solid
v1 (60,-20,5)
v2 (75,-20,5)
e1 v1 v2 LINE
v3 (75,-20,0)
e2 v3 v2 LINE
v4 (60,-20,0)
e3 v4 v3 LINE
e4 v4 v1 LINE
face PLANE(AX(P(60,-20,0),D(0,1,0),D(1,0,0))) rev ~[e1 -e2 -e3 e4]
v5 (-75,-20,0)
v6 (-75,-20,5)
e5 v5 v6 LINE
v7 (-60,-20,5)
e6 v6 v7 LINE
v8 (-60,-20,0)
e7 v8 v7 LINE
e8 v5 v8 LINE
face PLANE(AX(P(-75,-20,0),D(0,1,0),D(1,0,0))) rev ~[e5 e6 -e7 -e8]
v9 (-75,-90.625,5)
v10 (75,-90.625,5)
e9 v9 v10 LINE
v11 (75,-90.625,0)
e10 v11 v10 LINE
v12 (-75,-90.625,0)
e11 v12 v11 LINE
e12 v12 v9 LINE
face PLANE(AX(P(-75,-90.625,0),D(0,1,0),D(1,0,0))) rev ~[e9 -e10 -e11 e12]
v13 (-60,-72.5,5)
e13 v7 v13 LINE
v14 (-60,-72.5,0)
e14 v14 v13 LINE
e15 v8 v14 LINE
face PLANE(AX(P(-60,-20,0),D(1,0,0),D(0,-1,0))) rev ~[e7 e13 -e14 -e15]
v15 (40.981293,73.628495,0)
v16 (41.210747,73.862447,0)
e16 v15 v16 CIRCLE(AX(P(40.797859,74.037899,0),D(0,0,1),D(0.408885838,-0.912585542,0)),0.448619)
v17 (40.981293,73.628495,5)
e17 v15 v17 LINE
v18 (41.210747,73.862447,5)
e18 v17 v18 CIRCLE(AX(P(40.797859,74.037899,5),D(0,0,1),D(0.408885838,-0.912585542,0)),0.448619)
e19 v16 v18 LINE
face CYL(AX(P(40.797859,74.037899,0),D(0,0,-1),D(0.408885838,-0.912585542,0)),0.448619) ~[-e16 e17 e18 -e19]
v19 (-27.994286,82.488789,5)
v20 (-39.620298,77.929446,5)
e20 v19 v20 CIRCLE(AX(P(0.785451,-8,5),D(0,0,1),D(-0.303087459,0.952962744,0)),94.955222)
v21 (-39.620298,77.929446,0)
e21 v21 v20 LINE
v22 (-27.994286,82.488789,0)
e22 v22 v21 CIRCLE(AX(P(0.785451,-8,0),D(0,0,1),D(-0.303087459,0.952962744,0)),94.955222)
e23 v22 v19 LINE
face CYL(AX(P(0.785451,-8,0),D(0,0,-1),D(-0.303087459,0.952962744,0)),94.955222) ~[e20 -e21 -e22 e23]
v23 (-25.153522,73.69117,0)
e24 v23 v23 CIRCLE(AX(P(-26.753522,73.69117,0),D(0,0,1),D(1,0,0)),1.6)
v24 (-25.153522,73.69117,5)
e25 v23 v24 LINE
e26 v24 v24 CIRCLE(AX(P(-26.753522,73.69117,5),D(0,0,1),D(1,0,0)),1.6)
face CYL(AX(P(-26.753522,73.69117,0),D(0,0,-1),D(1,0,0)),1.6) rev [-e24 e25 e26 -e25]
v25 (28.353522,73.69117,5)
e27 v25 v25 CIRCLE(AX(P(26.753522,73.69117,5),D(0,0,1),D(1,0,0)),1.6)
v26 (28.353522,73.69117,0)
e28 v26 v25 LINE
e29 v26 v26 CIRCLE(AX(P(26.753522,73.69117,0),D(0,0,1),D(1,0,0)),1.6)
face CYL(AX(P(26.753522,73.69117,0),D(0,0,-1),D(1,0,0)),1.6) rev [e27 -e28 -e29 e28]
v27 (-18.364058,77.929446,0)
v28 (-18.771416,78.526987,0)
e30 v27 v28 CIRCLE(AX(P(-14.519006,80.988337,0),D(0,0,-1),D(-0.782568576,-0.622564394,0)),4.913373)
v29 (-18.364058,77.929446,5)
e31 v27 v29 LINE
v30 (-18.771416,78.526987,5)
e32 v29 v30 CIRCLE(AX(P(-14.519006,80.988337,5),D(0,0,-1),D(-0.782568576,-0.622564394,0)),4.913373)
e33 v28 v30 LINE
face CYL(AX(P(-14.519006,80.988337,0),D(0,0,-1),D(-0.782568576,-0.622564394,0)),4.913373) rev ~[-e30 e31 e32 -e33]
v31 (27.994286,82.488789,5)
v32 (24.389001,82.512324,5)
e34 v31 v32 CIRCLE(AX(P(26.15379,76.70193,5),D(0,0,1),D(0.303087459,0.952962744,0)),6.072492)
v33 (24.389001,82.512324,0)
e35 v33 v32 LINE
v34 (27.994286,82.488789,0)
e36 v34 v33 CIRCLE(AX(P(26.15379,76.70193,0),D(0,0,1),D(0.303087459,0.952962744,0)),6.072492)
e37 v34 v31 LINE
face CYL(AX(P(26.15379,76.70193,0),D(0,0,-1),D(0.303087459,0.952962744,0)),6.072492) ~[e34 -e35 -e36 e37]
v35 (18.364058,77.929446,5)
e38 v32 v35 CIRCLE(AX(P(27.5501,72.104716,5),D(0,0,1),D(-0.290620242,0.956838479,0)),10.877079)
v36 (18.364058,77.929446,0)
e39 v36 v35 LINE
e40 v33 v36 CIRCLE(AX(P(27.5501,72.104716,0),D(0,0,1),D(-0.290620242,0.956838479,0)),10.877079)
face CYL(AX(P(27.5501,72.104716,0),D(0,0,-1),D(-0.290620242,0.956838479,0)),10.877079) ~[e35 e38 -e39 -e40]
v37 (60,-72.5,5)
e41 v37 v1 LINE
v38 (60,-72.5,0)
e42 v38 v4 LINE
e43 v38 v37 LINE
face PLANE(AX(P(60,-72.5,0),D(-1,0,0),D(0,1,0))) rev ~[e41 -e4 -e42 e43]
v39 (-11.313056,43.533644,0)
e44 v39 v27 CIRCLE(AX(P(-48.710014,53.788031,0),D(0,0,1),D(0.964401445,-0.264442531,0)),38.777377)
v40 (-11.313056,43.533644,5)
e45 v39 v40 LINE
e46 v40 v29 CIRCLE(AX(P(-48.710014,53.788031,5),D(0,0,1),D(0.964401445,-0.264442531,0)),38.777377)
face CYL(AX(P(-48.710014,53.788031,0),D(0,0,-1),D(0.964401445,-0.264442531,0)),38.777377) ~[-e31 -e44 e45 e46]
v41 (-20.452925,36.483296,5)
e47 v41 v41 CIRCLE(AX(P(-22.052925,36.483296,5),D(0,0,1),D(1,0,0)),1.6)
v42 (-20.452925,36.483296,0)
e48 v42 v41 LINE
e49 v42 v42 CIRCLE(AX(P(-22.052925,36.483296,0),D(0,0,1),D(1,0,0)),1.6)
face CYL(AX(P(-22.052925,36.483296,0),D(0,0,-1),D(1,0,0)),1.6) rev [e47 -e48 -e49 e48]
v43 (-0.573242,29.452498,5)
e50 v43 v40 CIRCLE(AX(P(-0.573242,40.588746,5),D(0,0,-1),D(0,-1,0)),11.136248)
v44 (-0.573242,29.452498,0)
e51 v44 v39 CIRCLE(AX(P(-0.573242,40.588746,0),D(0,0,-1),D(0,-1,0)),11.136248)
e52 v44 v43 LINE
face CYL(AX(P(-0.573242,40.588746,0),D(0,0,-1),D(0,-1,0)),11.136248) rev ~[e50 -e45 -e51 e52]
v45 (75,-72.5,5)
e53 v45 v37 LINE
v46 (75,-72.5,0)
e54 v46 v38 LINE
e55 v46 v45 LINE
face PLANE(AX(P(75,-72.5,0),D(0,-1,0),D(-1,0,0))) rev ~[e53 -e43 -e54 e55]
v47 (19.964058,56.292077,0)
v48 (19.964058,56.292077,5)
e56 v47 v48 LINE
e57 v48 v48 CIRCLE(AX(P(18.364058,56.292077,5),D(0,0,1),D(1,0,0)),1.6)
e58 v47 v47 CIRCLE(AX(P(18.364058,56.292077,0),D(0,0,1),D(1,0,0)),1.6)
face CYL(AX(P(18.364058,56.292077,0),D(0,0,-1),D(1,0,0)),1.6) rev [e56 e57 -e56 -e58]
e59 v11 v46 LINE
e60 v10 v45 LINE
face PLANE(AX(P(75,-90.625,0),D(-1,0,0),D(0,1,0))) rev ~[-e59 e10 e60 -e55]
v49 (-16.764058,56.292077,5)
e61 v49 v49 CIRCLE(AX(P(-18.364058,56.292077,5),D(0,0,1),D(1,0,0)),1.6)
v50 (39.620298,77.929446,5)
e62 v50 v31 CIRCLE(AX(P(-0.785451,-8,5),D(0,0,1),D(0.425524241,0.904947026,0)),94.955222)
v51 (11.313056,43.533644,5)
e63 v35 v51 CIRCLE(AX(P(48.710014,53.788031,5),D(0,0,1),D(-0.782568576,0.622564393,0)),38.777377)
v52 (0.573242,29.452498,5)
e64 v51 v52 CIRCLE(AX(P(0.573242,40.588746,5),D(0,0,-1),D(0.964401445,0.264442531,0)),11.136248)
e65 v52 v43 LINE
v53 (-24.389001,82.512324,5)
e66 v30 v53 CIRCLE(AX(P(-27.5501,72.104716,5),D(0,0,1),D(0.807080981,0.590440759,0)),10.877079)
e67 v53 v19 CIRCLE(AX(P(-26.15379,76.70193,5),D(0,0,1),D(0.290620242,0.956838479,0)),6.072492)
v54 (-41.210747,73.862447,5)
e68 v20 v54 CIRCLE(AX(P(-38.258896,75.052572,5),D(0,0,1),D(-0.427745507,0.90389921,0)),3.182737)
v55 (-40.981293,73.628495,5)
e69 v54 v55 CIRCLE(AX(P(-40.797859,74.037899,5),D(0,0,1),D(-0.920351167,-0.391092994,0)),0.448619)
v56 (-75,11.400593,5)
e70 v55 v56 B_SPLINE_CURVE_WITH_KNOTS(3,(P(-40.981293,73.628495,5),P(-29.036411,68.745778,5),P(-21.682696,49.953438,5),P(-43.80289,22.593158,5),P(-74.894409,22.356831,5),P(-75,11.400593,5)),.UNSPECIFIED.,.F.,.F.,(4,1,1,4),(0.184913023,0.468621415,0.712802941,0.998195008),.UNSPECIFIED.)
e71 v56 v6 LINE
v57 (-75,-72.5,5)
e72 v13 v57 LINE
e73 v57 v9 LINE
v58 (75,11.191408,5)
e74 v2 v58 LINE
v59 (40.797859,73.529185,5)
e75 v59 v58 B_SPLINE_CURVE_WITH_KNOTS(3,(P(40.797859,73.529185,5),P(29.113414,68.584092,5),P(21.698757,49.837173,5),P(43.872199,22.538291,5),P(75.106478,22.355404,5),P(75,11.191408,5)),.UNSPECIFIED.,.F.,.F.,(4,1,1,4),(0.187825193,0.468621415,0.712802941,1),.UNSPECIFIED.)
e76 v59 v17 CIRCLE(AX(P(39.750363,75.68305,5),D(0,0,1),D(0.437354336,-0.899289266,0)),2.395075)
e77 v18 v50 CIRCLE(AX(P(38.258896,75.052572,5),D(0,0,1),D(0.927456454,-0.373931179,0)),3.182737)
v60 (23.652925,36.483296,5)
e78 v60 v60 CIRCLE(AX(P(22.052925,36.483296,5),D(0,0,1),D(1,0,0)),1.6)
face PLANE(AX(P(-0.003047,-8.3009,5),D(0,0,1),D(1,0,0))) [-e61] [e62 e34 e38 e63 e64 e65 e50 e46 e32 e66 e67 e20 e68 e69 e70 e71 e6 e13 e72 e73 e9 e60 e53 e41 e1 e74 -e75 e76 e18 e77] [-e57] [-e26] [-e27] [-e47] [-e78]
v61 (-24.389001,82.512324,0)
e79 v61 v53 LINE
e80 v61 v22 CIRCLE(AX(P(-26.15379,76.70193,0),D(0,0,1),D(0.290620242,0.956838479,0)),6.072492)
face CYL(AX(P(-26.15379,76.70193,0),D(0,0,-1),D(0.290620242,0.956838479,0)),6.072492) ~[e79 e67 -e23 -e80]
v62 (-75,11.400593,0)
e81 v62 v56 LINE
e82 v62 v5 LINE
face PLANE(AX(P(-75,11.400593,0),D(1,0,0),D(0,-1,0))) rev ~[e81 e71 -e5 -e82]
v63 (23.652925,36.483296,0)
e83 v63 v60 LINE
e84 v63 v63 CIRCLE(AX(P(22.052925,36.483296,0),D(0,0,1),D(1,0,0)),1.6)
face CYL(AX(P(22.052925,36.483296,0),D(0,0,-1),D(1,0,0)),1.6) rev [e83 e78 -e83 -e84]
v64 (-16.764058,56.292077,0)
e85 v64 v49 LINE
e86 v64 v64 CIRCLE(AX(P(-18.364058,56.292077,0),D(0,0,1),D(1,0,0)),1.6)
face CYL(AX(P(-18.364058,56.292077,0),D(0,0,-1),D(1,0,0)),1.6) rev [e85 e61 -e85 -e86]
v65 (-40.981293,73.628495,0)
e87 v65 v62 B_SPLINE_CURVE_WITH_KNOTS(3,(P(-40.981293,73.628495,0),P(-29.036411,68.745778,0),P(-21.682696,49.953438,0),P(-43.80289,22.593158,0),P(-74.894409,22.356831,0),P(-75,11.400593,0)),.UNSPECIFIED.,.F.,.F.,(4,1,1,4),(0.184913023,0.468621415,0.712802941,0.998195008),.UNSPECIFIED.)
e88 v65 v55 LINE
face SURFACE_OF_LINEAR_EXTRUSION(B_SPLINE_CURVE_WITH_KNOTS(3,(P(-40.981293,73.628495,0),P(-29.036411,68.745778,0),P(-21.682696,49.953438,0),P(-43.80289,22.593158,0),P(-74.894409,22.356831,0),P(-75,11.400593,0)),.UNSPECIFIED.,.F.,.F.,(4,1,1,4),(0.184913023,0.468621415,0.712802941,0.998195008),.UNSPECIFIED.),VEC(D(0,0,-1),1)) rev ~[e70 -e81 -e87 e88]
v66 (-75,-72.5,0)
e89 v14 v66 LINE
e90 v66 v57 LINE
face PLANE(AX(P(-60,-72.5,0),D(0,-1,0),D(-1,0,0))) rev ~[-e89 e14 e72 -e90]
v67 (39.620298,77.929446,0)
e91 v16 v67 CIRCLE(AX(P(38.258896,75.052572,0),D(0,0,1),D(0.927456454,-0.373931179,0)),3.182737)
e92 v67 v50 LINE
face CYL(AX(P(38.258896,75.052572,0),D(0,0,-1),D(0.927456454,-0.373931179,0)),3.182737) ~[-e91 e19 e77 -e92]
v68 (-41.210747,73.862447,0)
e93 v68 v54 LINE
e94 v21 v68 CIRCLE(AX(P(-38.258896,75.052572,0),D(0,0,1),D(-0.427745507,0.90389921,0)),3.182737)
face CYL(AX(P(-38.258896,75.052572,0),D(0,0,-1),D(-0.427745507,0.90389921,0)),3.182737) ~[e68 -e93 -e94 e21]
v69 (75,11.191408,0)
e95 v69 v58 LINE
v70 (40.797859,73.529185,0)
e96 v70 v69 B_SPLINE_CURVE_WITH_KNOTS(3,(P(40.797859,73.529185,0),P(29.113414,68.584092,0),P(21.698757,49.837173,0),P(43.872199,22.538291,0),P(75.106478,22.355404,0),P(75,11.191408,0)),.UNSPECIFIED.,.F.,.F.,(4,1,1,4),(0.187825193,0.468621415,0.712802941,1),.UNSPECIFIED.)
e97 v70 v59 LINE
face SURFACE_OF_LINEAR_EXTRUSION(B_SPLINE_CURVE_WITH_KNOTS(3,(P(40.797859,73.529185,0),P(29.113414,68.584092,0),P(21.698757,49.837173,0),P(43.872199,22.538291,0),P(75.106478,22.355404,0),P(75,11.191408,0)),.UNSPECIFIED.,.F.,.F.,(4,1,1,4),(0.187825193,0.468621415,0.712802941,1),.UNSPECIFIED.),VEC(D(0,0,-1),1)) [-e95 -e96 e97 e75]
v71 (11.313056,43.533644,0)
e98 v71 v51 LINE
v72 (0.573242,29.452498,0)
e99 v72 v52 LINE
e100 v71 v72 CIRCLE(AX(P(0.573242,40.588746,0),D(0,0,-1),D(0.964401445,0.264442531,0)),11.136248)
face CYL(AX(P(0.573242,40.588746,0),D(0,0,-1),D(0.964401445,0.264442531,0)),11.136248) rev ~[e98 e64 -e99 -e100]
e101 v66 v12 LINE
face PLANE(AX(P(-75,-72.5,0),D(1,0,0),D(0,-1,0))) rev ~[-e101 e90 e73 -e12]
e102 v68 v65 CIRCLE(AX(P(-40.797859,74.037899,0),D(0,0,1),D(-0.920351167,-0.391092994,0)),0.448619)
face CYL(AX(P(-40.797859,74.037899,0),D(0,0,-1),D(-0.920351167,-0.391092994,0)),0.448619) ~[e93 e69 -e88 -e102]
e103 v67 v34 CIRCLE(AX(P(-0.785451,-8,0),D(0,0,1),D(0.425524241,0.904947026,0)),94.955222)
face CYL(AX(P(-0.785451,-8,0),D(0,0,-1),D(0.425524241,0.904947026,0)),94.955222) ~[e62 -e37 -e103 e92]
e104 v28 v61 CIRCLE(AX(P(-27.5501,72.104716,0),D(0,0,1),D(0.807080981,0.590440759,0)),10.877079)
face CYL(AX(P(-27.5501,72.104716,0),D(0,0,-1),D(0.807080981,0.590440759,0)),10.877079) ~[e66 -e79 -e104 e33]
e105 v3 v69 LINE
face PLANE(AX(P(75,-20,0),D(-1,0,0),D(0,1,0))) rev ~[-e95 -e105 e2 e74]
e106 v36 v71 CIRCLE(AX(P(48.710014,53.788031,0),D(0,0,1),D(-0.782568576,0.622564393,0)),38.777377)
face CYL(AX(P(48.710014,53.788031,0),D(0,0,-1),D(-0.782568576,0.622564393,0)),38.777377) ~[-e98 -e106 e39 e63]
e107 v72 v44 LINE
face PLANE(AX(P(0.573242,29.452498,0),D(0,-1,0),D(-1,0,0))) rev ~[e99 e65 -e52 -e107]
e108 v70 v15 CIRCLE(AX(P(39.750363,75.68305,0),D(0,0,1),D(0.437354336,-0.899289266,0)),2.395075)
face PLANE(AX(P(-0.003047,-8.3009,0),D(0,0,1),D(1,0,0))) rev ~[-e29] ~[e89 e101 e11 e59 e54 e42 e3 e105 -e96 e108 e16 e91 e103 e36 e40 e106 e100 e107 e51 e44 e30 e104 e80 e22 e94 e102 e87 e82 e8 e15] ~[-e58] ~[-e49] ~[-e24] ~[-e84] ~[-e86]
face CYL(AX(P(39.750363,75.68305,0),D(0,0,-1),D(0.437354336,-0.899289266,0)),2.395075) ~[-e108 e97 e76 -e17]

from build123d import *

# Parameters (mm, degrees)
SKETCH1_R           = 1.6
BOSS_EXTRUDE1_DEPTH = 5


with BuildPart() as part:
    # Sketch1 → Boss-Extrude1 (new body)
    with BuildSketch(Plane.XY):
        with BuildLine():
            Line((-75, -72.5), (-75, -90.625))
            Line((-75, -90.625), (75, -90.625))
            Line((75, -90.625), (75, -72.5))
            Line((75, -72.5), (60, -72.5))
            Line((60, -72.5), (60, -20))
            Line((60, -20), (75, -20))
            Line((75, -20), (75, 11.191407718))
            add(Edge.make_bspline(
                [(40.797859307, 73.529184669), (29.113413748, 68.584091893), (21.698756749, 49.837173387), (43.872198756, 22.538291001), (75.106478131, 22.355404036), (75, 11.191407718)],
                knots=[0.187825193, 0.187825193, 0.187825193, 0.187825193, 0.468621415, 0.712802941, 1, 1, 1, 1], degree=3))
            ThreePointArc((40.797859307, 73.529184669), (40.890658025, 73.576842128), (40.981293421, 73.628495399))
            ThreePointArc((40.981293421, 73.628495399), (41.118145392, 73.723771319), (41.210746684, 73.862447067))
            ThreePointArc((41.210746684, 73.862447067), (41.223041239, 76.211736408), (39.620297917, 77.929445758))
            ThreePointArc((39.620297917, 77.929445758), (33.882326143, 80.400449206), (27.994286118, 82.488788925))
            ThreePointArc((27.994286118, 82.488788925), (26.19343045, 82.774292897), (24.38900087, 82.512324293))
            ThreePointArc((24.38900087, 82.512324293), (20.964990276, 80.761920244), (18.364057527, 77.929445758))
            ThreePointArc((18.364057527, 77.929445758), (10.722602644, 61.575298771), (11.31305575, 43.533643593))
            ThreePointArc((11.31305575, 43.533643593), (9.427933785, 33.83519482), (0.573242194, 29.452498133))
            Line((0.573242194, 29.452498133), (-0.573242194, 29.452498133))
            ThreePointArc((-0.573242194, 29.452498133), (-9.427933785, 33.83519482), (-11.31305575, 43.533643593))
            ThreePointArc((-11.31305575, 43.533643593), (-10.722602644, 61.575298771), (-18.364057527, 77.929445758))
            ThreePointArc((-18.364057527, 77.929445758), (-18.578745667, 78.220711537), (-18.771416352, 78.526987162))
            ThreePointArc((-18.771416352, 78.526987162), (-21.256426114, 80.976047617), (-24.38900087, 82.512324293))
            ThreePointArc((-24.38900087, 82.512324293), (-26.19343045, 82.774292897), (-27.994286118, 82.488788925))
            ThreePointArc((-27.994286118, 82.488788925), (-33.882326143, 80.400449206), (-39.620297917, 77.929445758))
            ThreePointArc((-39.620297917, 77.929445758), (-41.223041239, 76.211736408), (-41.210746684, 73.862447067))
            ThreePointArc((-41.210746684, 73.862447067), (-41.118145392, 73.723771319), (-40.981293421, 73.628495399))
            add(Edge.make_bspline(
                [(-40.981293421, 73.628495399), (-29.036410535, 68.745777574), (-21.682695552, 49.95343828), (-43.802890071, 22.593157589), (-74.894409224, 22.356830762), (-75, 11.400592909)],
                knots=[0.184913023, 0.184913023, 0.184913023, 0.184913023, 0.468621415, 0.712802941, 0.998195008, 0.998195008, 0.998195008, 0.998195008], degree=3))
            Line((-75, 11.400592909), (-75, 11.191407718))
            Line((-75, 11.191407718), (-75, -20))
            Line((-75, -20), (-60, -20))
            Line((-60, -20), (-60, -72.5))
            Line((-60, -72.5), (-75, -72.5))
        make_face()
        with Locations((-22.052924911, 36.483296004)):
            Circle(SKETCH1_R, mode=Mode.SUBTRACT)
        with Locations((-18.364057527, 56.292076909)):
            Circle(SKETCH1_R, mode=Mode.SUBTRACT)
        with Locations((-26.753522246, 73.691170186)):
            Circle(SKETCH1_R, mode=Mode.SUBTRACT)
        with Locations((22.052924911, 36.483296004)):
            Circle(SKETCH1_R, mode=Mode.SUBTRACT)
        with Locations((18.364057527, 56.292076909)):
            Circle(SKETCH1_R, mode=Mode.SUBTRACT)
        with Locations((26.753522246, 73.691170186)):
            Circle(SKETCH1_R, mode=Mode.SUBTRACT)
    extrude(amount=BOSS_EXTRUDE1_DEPTH)


solid = part.part
